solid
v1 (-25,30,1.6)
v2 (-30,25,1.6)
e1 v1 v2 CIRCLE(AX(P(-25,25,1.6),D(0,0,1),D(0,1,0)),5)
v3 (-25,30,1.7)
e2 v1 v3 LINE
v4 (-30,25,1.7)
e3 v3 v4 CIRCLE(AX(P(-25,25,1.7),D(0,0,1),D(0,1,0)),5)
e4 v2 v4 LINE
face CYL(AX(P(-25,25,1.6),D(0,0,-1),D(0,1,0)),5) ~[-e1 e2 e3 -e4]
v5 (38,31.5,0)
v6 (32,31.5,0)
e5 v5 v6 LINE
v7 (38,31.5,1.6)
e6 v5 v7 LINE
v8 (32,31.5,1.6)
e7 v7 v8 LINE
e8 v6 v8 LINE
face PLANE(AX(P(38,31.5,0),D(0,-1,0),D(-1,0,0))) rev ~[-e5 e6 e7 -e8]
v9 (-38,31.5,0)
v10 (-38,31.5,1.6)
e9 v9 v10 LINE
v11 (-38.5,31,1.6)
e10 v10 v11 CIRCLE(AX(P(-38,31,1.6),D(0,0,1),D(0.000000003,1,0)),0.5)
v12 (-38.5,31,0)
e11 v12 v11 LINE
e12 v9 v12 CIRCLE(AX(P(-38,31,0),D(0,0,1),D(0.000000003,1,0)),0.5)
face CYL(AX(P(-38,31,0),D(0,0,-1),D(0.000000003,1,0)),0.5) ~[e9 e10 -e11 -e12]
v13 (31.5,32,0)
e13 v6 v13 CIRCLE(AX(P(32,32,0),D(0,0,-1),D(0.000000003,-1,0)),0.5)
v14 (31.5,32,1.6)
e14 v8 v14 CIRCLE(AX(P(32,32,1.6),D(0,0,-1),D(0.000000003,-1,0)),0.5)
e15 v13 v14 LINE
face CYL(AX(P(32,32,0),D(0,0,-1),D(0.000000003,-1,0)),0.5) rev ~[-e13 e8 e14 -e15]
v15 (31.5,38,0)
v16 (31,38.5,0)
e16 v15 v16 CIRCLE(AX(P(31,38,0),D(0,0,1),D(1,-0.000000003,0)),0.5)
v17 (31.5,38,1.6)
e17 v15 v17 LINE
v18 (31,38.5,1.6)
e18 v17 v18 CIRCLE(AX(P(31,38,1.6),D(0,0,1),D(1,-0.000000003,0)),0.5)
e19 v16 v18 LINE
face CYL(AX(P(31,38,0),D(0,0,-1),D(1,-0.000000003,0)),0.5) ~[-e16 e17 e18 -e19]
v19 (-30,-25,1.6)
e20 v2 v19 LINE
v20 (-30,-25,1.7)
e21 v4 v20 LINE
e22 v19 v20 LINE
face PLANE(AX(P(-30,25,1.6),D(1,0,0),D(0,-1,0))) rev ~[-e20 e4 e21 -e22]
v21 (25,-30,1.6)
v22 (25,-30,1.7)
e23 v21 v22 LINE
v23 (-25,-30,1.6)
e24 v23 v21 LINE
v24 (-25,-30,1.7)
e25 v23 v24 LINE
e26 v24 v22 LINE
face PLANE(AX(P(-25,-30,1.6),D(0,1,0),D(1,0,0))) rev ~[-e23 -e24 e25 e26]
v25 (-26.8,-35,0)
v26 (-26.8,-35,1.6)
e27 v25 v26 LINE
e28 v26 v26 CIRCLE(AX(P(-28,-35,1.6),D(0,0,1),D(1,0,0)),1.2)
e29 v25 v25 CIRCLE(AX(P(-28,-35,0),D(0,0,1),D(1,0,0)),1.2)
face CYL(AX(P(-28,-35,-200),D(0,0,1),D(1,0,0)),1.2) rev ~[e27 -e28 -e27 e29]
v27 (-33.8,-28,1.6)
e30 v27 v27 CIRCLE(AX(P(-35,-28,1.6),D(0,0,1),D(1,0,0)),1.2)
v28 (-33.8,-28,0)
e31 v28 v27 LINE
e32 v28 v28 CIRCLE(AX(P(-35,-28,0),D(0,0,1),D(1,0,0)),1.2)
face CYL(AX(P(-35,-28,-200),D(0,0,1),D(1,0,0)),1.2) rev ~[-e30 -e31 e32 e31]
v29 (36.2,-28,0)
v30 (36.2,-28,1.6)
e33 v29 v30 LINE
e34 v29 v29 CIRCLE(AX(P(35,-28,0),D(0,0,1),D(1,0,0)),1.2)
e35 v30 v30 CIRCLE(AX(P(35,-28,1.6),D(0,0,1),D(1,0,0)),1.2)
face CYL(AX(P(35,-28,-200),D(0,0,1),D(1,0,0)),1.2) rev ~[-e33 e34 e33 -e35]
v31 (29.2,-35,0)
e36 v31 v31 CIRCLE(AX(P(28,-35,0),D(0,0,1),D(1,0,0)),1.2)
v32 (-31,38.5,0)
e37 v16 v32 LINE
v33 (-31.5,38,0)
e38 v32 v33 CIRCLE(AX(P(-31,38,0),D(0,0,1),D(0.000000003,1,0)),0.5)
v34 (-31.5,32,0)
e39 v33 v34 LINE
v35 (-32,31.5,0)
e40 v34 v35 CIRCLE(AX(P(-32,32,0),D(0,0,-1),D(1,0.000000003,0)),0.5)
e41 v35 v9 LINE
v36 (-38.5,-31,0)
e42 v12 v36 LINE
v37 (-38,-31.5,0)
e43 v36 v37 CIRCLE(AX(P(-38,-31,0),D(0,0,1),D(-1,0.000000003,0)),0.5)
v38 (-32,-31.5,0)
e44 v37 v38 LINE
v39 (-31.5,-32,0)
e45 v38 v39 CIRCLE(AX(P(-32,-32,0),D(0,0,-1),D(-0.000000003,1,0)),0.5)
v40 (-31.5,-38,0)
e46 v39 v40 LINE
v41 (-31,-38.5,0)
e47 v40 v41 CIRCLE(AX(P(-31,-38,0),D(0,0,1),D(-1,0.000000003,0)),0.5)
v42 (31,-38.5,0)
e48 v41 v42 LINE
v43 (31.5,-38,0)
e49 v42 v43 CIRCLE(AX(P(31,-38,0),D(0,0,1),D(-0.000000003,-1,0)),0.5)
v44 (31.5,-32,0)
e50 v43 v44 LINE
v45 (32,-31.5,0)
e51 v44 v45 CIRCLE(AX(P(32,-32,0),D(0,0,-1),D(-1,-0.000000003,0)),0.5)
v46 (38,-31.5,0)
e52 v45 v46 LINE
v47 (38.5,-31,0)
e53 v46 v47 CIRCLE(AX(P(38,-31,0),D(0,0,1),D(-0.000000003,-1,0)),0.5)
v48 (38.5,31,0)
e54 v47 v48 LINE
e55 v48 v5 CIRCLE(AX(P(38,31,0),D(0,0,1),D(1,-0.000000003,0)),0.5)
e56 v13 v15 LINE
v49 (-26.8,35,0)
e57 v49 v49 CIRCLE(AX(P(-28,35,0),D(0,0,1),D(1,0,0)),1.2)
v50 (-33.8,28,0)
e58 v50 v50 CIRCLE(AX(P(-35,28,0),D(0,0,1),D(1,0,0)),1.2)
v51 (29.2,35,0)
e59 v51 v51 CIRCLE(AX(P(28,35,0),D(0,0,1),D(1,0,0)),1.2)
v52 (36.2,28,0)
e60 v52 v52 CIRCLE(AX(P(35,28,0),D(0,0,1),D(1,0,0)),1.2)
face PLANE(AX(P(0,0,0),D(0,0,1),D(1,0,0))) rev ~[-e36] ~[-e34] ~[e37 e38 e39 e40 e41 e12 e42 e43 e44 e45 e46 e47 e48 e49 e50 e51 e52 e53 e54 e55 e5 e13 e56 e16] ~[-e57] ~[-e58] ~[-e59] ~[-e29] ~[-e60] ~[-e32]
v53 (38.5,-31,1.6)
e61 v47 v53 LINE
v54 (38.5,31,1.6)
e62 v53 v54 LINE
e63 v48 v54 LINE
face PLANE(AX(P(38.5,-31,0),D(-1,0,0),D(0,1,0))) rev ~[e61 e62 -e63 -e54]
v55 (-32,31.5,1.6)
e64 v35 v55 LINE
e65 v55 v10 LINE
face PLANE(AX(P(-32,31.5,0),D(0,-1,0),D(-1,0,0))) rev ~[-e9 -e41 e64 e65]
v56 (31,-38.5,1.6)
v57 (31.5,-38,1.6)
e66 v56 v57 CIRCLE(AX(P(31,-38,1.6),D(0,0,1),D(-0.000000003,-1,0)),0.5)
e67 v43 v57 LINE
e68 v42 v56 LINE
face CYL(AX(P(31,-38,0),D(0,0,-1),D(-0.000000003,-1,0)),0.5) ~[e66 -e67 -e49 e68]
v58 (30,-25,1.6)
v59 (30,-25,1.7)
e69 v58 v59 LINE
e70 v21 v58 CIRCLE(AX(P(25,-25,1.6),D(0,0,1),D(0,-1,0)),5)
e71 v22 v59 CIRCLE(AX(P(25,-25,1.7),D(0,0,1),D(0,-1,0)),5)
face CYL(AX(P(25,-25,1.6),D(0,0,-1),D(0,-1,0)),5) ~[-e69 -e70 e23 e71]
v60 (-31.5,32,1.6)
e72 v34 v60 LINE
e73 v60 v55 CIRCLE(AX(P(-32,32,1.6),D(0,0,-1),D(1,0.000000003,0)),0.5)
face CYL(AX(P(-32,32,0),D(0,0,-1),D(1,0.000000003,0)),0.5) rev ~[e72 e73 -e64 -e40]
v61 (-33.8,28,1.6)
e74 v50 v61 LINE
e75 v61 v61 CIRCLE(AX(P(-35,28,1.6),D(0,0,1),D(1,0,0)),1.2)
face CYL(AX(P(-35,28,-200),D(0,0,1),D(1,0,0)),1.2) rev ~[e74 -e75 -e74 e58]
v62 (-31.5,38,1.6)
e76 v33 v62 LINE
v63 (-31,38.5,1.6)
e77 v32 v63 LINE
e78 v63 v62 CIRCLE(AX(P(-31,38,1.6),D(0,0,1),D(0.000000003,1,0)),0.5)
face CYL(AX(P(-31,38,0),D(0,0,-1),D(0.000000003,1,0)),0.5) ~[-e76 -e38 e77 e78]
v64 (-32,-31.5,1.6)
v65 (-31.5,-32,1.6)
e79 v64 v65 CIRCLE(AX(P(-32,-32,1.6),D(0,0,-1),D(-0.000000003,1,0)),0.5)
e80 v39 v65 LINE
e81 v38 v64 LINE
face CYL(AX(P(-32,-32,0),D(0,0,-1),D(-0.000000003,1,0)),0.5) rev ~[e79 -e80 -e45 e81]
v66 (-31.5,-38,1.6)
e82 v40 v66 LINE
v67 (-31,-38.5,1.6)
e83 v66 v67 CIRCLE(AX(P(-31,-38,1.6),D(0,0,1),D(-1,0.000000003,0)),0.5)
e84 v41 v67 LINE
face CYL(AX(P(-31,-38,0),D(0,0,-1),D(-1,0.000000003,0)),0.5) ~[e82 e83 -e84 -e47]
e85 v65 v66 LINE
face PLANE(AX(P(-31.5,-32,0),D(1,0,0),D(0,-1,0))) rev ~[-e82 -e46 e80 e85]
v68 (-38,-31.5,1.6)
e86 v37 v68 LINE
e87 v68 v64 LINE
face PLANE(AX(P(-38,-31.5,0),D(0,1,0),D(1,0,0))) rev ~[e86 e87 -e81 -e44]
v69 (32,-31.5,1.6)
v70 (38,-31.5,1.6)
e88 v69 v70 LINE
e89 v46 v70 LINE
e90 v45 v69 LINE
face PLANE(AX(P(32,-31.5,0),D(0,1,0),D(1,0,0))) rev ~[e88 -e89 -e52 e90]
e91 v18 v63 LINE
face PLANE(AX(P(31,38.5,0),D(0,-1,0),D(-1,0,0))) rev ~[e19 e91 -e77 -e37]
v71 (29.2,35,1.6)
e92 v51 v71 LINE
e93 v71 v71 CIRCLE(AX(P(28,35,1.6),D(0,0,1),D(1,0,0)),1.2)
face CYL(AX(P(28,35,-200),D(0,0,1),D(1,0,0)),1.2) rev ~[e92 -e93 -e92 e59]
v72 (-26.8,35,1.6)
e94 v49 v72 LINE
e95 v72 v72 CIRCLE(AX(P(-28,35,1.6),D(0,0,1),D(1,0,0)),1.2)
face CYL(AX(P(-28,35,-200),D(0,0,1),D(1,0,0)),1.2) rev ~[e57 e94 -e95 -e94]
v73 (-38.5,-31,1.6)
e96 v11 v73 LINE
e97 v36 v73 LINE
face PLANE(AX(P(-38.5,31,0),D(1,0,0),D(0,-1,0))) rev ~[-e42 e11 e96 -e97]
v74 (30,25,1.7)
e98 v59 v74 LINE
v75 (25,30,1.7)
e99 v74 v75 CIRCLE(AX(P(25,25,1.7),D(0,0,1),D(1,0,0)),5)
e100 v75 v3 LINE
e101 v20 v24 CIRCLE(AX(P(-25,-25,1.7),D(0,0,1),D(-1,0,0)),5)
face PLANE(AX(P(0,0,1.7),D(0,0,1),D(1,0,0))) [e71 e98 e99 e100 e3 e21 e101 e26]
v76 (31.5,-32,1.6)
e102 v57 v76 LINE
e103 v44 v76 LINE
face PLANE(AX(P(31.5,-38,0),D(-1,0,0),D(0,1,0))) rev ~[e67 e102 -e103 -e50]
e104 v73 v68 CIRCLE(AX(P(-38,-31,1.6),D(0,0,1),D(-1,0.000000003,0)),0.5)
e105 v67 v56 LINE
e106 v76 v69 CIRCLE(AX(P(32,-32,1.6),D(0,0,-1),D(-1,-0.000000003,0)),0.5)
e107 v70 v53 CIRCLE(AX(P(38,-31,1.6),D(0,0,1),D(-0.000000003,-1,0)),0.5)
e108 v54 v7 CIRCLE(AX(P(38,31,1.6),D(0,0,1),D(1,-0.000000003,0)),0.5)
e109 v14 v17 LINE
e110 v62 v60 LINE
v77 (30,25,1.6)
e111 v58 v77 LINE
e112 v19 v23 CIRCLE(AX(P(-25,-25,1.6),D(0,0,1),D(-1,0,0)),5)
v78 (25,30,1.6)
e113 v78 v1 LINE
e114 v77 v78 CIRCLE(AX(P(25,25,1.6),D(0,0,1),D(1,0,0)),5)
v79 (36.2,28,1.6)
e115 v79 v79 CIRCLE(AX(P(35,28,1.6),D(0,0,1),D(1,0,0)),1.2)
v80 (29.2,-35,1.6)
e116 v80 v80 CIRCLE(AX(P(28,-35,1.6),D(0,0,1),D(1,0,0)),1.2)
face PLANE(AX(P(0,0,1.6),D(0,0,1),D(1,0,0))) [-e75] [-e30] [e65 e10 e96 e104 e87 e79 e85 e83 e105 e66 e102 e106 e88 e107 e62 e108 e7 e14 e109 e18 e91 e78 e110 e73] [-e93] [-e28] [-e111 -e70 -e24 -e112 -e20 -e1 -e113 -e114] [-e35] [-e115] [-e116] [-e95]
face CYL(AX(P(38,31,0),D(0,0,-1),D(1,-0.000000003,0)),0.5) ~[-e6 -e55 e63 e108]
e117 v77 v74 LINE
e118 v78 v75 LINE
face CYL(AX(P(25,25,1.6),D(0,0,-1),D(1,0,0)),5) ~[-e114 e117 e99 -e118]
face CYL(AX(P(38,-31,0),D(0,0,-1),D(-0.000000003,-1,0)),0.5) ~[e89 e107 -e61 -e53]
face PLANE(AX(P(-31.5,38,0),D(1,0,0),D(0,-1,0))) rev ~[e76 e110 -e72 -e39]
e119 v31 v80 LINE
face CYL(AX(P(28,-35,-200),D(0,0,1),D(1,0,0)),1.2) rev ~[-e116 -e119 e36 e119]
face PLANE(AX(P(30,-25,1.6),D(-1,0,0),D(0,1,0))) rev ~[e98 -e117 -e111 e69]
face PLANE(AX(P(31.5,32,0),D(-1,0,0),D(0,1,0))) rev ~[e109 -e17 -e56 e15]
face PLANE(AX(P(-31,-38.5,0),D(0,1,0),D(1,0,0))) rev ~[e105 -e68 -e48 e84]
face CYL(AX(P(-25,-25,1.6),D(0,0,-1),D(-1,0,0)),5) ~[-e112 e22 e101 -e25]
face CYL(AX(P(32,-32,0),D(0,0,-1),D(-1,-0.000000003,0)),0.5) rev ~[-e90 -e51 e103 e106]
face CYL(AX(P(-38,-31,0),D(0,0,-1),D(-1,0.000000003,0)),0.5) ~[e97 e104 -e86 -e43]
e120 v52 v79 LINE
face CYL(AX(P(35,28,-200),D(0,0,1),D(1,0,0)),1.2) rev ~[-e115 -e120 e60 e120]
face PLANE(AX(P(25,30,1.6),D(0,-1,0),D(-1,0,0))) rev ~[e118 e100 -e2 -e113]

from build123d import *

# Parameters (mm, degrees)
BOSS_EXTRUDE1_DEPTH            = 1.6
BOSS_EXTRUDE2_DEPTH            = 0.1
M2_HOLE1_FIXINGSTRUCTURE_D     = 2.4
M2_HOLE1_FIXINGSTRUCTURE_DEPTH = 200
M2_HOLE1_FIXINGSTRUCTURE_TIP   = 0.721032743


with BuildPart() as part:
    # Sketch1 → Boss-Extrude1 (new body)
    with BuildSketch(Plane.XY):
        with BuildLine():
            Line((-31.5, 38), (-31.5, 32))
            ThreePointArc((-31.5, 32), (-31.646446609, 31.646446609), (-32, 31.5))
            Line((-32, 31.5), (-38, 31.5))
            ThreePointArc((-38, 31.5), (-38.353553391, 31.353553391), (-38.5, 31))
            Line((-38.5, 31), (-38.5, -31))
            ThreePointArc((-38.5, -31), (-38.353553391, -31.353553391), (-38, -31.5))
            Line((-38, -31.5), (-32, -31.5))
            ThreePointArc((-32, -31.5), (-31.646446609, -31.646446609), (-31.5, -32))
            Line((-31.5, -32), (-31.5, -38))
            ThreePointArc((-31.5, -38), (-31.353553391, -38.353553391), (-31, -38.5))
            Line((-31, -38.5), (31, -38.5))
            ThreePointArc((31, -38.5), (31.353553391, -38.353553391), (31.5, -38))
            Line((31.5, -38), (31.5, -32))
            ThreePointArc((31.5, -32), (31.646446609, -31.646446609), (32, -31.5))
            Line((32, -31.5), (38, -31.5))
            ThreePointArc((38, -31.5), (38.353553391, -31.353553391), (38.5, -31))
            Line((38.5, -31), (38.5, 31))
            ThreePointArc((38.5, 31), (38.353553391, 31.353553391), (38, 31.5))
            Line((38, 31.5), (32, 31.5))
            ThreePointArc((32, 31.5), (31.646446609, 31.646446609), (31.5, 32))
            Line((31.5, 32), (31.5, 38))
            ThreePointArc((31.5, 38), (31.353553391, 38.353553391), (31, 38.5))
            Line((31, 38.5), (-31, 38.5))
            ThreePointArc((-31, 38.5), (-31.353553391, 38.353553391), (-31.5, 38))
        make_face()
    extrude(amount=BOSS_EXTRUDE1_DEPTH)

    # Esboço1 → Boss-Extrude2 (add)
    with BuildSketch(Plane.XY.offset(1.6)):
        with BuildLine():
            Line((-25, -30), (25, -30))
            ThreePointArc((25, -30), (28.535533906, -28.535533906), (30, -25))
            Line((30, -25), (30, 25))
            ThreePointArc((30, 25), (28.535533906, 28.535533906), (25, 30))
            Line((25, 30), (-25, 30))
            ThreePointArc((-25, 30), (-28.535533906, 28.535533906), (-30, 25))
            Line((-30, 25), (-30, -25))
            ThreePointArc((-30, -25), (-28.535533906, -28.535533906), (-25, -30))
        make_face()
    extrude(amount=BOSS_EXTRUDE2_DEPTH)

    # M2 Hole1-FixingStructure
    with Locations(Plane(origin=(0, 0, 0), x_dir=(-1, 0, 0), z_dir=(0, 0, -1))):
        with Locations((-28, 35), (28, 35), (-28, -35), (28, -35), (35, 28), (35, -28), (-35, -28), (-35, 28)):
            Hole(M2_HOLE1_FIXINGSTRUCTURE_D / 2, depth=M2_HOLE1_FIXINGSTRUCTURE_DEPTH)
            with Locations((0, 0, -(M2_HOLE1_FIXINGSTRUCTURE_DEPTH + M2_HOLE1_FIXINGSTRUCTURE_TIP / 2))):  # 118° drill point
                Cone(0, M2_HOLE1_FIXINGSTRUCTURE_D / 2, M2_HOLE1_FIXINGSTRUCTURE_TIP, mode=Mode.SUBTRACT)


solid = part.part
